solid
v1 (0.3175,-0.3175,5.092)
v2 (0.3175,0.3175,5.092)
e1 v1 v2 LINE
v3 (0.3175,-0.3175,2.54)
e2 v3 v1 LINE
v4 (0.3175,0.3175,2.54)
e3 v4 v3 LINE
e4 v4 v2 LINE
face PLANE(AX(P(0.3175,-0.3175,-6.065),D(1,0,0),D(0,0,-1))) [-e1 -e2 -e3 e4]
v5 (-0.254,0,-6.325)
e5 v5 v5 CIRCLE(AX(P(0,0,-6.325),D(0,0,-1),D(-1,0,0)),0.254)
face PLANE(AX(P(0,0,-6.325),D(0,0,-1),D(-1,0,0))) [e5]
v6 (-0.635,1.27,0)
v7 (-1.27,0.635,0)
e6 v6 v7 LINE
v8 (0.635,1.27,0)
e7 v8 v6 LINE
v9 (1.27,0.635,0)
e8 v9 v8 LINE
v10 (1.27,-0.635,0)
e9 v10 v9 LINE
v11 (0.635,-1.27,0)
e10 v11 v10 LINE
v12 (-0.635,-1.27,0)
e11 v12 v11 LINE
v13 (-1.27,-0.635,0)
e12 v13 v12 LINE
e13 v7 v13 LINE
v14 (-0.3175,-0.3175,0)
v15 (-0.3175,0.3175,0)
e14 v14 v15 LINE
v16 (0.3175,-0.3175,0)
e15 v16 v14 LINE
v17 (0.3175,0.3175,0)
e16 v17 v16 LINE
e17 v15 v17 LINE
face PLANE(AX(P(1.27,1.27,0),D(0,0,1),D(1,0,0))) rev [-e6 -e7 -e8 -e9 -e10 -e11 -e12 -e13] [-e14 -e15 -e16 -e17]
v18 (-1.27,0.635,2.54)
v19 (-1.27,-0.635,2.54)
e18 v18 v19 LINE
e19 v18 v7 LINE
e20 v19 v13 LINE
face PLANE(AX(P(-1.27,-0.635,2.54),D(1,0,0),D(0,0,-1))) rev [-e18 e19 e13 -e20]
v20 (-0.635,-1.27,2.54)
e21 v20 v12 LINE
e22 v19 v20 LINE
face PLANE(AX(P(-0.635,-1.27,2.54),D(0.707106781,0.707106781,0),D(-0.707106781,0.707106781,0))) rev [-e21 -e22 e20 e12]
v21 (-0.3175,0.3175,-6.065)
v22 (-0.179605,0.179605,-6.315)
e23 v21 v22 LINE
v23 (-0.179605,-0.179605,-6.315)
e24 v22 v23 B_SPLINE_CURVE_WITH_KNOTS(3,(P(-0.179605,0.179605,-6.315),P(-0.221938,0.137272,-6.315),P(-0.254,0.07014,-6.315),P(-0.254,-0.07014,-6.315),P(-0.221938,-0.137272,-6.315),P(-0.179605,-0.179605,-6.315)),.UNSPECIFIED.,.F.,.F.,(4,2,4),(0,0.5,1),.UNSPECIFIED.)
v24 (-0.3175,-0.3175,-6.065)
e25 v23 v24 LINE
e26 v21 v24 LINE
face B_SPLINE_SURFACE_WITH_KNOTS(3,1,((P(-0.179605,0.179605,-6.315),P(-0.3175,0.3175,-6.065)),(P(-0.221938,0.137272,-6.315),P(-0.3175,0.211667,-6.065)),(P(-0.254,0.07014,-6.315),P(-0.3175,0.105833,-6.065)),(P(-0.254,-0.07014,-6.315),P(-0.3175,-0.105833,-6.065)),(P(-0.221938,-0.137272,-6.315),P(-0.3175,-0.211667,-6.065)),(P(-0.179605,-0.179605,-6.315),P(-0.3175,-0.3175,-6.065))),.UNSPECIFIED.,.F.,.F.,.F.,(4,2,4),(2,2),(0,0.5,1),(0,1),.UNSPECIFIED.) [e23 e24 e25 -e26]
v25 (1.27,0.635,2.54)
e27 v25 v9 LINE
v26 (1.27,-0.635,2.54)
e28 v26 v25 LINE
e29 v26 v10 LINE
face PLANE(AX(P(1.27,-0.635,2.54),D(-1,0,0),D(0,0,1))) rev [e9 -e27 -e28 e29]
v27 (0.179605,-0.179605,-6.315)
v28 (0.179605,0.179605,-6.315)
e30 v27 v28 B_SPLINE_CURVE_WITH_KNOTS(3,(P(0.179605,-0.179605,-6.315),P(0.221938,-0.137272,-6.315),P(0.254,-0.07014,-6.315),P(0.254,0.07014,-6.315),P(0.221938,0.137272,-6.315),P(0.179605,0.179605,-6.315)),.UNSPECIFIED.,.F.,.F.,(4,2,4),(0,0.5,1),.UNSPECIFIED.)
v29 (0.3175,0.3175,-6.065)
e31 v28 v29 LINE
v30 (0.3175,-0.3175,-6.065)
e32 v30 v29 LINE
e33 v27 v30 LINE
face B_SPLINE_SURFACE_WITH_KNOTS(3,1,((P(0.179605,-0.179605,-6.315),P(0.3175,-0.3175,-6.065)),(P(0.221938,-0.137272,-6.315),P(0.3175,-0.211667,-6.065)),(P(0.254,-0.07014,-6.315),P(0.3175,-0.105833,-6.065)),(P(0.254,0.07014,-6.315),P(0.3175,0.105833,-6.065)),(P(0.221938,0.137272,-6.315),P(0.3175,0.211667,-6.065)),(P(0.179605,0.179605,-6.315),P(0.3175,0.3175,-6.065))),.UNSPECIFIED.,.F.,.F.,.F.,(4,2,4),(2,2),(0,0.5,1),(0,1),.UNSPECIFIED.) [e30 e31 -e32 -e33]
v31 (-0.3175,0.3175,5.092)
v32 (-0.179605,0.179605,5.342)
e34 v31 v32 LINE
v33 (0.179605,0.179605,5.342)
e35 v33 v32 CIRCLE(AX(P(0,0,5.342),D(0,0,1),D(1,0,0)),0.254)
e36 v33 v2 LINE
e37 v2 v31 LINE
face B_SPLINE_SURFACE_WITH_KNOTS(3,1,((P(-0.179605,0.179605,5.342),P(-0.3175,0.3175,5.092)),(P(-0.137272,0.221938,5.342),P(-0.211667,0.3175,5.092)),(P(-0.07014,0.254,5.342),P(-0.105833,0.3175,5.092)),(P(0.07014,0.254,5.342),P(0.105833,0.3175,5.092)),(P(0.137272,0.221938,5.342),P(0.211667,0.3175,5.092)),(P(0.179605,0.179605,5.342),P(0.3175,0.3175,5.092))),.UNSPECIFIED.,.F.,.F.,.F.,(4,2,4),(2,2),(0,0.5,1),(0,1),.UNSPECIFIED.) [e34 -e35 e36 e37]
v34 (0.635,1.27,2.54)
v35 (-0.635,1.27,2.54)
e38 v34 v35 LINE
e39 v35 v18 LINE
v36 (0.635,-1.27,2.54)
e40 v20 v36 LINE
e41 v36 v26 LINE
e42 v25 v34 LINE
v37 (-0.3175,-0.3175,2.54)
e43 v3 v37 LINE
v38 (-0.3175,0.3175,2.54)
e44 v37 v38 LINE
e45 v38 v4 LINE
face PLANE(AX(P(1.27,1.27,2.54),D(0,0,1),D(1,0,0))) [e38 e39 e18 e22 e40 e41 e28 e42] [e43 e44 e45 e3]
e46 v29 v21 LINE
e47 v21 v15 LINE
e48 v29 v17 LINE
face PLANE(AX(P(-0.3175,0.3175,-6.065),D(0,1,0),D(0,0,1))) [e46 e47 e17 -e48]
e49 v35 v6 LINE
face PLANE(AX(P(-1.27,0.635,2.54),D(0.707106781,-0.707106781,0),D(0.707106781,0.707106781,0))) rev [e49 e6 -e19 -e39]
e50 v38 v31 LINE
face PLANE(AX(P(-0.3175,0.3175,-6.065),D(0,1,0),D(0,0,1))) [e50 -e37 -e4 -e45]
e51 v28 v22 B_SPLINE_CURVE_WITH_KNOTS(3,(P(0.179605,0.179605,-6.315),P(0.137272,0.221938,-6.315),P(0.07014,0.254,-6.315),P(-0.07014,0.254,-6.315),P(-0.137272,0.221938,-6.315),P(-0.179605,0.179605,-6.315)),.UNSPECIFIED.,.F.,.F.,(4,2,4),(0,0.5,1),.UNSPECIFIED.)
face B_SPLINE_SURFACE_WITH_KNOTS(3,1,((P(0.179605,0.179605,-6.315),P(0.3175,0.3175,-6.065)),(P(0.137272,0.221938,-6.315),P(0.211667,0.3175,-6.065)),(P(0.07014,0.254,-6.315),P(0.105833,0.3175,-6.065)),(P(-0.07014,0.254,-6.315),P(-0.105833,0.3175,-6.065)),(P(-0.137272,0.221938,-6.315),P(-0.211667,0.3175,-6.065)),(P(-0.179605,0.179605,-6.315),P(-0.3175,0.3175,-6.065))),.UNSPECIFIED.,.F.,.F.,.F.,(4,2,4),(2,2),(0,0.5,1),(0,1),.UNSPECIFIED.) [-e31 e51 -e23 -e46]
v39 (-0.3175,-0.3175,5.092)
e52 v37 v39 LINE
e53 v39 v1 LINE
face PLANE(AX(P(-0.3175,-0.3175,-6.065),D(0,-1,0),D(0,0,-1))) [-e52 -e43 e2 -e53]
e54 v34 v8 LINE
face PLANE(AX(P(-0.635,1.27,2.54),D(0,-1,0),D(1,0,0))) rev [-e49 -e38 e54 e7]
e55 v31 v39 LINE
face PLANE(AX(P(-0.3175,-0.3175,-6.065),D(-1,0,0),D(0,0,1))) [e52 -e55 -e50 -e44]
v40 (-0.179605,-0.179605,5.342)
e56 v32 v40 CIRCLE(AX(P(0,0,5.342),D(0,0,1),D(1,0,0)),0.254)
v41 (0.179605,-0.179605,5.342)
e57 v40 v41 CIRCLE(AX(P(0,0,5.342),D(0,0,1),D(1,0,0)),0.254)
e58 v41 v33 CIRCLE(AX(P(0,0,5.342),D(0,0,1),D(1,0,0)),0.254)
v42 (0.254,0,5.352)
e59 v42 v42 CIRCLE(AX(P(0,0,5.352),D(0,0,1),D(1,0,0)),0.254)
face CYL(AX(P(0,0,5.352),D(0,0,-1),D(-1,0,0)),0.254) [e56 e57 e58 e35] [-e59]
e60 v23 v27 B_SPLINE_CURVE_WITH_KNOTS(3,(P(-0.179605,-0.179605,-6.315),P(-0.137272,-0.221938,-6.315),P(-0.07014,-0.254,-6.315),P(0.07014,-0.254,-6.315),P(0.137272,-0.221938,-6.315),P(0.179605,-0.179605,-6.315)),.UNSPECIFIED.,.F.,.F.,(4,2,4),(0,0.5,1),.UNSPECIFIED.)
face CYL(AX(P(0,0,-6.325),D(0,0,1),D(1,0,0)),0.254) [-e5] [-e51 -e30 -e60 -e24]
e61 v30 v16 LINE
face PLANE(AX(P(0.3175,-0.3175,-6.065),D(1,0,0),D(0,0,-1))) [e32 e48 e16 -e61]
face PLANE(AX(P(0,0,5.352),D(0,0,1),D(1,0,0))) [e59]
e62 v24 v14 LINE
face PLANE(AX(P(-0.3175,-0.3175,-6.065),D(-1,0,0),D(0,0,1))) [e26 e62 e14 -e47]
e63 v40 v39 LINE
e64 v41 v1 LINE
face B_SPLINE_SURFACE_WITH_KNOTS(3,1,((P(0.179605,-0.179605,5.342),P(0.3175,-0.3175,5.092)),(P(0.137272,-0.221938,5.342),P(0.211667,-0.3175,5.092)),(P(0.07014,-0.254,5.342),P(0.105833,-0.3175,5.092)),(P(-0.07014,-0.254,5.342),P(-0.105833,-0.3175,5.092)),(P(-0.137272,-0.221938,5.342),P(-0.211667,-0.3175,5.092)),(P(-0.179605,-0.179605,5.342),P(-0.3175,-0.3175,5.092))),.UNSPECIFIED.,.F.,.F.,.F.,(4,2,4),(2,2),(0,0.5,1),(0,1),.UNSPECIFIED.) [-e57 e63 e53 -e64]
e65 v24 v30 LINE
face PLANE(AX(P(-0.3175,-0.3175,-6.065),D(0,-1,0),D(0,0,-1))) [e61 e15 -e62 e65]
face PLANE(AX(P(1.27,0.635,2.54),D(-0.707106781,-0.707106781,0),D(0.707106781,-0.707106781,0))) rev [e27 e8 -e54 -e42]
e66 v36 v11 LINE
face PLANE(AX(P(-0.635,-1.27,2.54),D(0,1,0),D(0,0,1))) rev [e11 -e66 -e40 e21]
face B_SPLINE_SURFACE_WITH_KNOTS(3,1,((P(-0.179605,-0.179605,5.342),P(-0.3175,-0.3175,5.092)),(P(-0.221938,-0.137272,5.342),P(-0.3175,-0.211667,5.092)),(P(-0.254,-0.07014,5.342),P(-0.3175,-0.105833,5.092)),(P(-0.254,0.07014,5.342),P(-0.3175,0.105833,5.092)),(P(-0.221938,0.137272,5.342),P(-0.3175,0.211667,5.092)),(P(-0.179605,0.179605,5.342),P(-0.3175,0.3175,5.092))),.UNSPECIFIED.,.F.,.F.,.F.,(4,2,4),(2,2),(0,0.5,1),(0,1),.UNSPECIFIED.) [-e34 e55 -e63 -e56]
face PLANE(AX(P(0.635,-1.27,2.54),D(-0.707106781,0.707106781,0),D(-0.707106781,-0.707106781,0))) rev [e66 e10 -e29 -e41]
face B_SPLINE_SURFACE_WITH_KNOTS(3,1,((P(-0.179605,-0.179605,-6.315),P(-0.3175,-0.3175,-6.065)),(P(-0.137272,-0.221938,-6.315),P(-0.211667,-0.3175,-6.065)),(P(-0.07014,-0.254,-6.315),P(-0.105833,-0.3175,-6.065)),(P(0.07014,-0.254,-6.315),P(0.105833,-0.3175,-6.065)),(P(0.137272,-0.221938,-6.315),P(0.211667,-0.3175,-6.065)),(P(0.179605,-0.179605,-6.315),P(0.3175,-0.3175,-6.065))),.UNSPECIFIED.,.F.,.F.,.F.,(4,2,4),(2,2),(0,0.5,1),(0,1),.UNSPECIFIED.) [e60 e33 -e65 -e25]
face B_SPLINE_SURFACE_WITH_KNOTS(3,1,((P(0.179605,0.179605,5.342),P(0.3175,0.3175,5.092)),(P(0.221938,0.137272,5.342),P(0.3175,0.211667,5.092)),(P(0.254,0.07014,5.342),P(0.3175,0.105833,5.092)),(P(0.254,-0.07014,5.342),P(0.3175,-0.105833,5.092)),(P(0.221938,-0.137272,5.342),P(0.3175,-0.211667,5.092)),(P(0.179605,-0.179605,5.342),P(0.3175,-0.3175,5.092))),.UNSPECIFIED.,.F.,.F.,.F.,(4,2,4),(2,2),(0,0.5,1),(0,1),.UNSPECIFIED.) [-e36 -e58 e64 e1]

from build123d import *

# Parameters (mm, degrees)
SKETCH1_W           = 0.635
SKETCH1_H           = 0.635
BOSS_EXTRUDE1_DEPTH = 11.157
BOSS_EXTRUDE2_DEPTH = 2.54
SKETCH3_R           = 0.254
SKETCH4_R           = 0.254
SKETCH6_R           = 0.254
BOSS_EXTRUDE3_DEPTH = 0.01
SKETCH7_R           = 0.254
BOSS_EXTRUDE4_DEPTH = 0.01


with BuildPart() as part:
    # Sketch1 → Boss-Extrude1 (new body)
    with BuildSketch(Plane.XY.offset(5.092)):
        Rectangle(SKETCH1_W, SKETCH1_H)
    extrude(amount=-BOSS_EXTRUDE1_DEPTH)

    # Sketch2 → Boss-Extrude2 (add)
    with BuildSketch(Plane.XY):
        Polygon((-1.27, 0.635), (-0.635, 1.27), (0.635, 1.27), (1.27, 0.635), (1.27, -0.635), (0.635, -1.27), (-0.635, -1.27), (-1.27, -0.635), align=None)
    extrude(amount=BOSS_EXTRUDE2_DEPTH)

    # Sketch3 → section 0 of loft1
    with BuildSketch(Plane.XY.offset(5.342), mode=Mode.PRIVATE) as loft1_s0:
        Circle(SKETCH3_R)
    # loft up to a face of the part (loft1)
    loft([loft1_s0.sketch, part.faces().sort_by_distance((0, 0, 5.092))[0]])

    # Sketch4 → section 0 of loft2
    with BuildSketch(Plane(origin=(0, 0, -6.315), x_dir=(-1, 0, 0), z_dir=(0, 0, -1)), mode=Mode.PRIVATE) as loft2_s0:
        Circle(SKETCH4_R)
    # loft up to a face of the part (loft2)
    loft([loft2_s0.sketch, part.faces().sort_by_distance((0, 0, -6.065))[0]])

    # Sketch6 → Boss-Extrude3 (add)
    with BuildSketch(Plane.XY.offset(5.342)):
        Circle(SKETCH6_R)
    extrude(amount=BOSS_EXTRUDE3_DEPTH)

    # Sketch7 → Boss-Extrude4 (add)
    with BuildSketch(Plane(origin=(0, 0, -6.315), x_dir=(-1, 0, 0), z_dir=(0, 0, -1))):
        Circle(SKETCH7_R)
    extrude(amount=BOSS_EXTRUDE4_DEPTH)


solid = part.part
